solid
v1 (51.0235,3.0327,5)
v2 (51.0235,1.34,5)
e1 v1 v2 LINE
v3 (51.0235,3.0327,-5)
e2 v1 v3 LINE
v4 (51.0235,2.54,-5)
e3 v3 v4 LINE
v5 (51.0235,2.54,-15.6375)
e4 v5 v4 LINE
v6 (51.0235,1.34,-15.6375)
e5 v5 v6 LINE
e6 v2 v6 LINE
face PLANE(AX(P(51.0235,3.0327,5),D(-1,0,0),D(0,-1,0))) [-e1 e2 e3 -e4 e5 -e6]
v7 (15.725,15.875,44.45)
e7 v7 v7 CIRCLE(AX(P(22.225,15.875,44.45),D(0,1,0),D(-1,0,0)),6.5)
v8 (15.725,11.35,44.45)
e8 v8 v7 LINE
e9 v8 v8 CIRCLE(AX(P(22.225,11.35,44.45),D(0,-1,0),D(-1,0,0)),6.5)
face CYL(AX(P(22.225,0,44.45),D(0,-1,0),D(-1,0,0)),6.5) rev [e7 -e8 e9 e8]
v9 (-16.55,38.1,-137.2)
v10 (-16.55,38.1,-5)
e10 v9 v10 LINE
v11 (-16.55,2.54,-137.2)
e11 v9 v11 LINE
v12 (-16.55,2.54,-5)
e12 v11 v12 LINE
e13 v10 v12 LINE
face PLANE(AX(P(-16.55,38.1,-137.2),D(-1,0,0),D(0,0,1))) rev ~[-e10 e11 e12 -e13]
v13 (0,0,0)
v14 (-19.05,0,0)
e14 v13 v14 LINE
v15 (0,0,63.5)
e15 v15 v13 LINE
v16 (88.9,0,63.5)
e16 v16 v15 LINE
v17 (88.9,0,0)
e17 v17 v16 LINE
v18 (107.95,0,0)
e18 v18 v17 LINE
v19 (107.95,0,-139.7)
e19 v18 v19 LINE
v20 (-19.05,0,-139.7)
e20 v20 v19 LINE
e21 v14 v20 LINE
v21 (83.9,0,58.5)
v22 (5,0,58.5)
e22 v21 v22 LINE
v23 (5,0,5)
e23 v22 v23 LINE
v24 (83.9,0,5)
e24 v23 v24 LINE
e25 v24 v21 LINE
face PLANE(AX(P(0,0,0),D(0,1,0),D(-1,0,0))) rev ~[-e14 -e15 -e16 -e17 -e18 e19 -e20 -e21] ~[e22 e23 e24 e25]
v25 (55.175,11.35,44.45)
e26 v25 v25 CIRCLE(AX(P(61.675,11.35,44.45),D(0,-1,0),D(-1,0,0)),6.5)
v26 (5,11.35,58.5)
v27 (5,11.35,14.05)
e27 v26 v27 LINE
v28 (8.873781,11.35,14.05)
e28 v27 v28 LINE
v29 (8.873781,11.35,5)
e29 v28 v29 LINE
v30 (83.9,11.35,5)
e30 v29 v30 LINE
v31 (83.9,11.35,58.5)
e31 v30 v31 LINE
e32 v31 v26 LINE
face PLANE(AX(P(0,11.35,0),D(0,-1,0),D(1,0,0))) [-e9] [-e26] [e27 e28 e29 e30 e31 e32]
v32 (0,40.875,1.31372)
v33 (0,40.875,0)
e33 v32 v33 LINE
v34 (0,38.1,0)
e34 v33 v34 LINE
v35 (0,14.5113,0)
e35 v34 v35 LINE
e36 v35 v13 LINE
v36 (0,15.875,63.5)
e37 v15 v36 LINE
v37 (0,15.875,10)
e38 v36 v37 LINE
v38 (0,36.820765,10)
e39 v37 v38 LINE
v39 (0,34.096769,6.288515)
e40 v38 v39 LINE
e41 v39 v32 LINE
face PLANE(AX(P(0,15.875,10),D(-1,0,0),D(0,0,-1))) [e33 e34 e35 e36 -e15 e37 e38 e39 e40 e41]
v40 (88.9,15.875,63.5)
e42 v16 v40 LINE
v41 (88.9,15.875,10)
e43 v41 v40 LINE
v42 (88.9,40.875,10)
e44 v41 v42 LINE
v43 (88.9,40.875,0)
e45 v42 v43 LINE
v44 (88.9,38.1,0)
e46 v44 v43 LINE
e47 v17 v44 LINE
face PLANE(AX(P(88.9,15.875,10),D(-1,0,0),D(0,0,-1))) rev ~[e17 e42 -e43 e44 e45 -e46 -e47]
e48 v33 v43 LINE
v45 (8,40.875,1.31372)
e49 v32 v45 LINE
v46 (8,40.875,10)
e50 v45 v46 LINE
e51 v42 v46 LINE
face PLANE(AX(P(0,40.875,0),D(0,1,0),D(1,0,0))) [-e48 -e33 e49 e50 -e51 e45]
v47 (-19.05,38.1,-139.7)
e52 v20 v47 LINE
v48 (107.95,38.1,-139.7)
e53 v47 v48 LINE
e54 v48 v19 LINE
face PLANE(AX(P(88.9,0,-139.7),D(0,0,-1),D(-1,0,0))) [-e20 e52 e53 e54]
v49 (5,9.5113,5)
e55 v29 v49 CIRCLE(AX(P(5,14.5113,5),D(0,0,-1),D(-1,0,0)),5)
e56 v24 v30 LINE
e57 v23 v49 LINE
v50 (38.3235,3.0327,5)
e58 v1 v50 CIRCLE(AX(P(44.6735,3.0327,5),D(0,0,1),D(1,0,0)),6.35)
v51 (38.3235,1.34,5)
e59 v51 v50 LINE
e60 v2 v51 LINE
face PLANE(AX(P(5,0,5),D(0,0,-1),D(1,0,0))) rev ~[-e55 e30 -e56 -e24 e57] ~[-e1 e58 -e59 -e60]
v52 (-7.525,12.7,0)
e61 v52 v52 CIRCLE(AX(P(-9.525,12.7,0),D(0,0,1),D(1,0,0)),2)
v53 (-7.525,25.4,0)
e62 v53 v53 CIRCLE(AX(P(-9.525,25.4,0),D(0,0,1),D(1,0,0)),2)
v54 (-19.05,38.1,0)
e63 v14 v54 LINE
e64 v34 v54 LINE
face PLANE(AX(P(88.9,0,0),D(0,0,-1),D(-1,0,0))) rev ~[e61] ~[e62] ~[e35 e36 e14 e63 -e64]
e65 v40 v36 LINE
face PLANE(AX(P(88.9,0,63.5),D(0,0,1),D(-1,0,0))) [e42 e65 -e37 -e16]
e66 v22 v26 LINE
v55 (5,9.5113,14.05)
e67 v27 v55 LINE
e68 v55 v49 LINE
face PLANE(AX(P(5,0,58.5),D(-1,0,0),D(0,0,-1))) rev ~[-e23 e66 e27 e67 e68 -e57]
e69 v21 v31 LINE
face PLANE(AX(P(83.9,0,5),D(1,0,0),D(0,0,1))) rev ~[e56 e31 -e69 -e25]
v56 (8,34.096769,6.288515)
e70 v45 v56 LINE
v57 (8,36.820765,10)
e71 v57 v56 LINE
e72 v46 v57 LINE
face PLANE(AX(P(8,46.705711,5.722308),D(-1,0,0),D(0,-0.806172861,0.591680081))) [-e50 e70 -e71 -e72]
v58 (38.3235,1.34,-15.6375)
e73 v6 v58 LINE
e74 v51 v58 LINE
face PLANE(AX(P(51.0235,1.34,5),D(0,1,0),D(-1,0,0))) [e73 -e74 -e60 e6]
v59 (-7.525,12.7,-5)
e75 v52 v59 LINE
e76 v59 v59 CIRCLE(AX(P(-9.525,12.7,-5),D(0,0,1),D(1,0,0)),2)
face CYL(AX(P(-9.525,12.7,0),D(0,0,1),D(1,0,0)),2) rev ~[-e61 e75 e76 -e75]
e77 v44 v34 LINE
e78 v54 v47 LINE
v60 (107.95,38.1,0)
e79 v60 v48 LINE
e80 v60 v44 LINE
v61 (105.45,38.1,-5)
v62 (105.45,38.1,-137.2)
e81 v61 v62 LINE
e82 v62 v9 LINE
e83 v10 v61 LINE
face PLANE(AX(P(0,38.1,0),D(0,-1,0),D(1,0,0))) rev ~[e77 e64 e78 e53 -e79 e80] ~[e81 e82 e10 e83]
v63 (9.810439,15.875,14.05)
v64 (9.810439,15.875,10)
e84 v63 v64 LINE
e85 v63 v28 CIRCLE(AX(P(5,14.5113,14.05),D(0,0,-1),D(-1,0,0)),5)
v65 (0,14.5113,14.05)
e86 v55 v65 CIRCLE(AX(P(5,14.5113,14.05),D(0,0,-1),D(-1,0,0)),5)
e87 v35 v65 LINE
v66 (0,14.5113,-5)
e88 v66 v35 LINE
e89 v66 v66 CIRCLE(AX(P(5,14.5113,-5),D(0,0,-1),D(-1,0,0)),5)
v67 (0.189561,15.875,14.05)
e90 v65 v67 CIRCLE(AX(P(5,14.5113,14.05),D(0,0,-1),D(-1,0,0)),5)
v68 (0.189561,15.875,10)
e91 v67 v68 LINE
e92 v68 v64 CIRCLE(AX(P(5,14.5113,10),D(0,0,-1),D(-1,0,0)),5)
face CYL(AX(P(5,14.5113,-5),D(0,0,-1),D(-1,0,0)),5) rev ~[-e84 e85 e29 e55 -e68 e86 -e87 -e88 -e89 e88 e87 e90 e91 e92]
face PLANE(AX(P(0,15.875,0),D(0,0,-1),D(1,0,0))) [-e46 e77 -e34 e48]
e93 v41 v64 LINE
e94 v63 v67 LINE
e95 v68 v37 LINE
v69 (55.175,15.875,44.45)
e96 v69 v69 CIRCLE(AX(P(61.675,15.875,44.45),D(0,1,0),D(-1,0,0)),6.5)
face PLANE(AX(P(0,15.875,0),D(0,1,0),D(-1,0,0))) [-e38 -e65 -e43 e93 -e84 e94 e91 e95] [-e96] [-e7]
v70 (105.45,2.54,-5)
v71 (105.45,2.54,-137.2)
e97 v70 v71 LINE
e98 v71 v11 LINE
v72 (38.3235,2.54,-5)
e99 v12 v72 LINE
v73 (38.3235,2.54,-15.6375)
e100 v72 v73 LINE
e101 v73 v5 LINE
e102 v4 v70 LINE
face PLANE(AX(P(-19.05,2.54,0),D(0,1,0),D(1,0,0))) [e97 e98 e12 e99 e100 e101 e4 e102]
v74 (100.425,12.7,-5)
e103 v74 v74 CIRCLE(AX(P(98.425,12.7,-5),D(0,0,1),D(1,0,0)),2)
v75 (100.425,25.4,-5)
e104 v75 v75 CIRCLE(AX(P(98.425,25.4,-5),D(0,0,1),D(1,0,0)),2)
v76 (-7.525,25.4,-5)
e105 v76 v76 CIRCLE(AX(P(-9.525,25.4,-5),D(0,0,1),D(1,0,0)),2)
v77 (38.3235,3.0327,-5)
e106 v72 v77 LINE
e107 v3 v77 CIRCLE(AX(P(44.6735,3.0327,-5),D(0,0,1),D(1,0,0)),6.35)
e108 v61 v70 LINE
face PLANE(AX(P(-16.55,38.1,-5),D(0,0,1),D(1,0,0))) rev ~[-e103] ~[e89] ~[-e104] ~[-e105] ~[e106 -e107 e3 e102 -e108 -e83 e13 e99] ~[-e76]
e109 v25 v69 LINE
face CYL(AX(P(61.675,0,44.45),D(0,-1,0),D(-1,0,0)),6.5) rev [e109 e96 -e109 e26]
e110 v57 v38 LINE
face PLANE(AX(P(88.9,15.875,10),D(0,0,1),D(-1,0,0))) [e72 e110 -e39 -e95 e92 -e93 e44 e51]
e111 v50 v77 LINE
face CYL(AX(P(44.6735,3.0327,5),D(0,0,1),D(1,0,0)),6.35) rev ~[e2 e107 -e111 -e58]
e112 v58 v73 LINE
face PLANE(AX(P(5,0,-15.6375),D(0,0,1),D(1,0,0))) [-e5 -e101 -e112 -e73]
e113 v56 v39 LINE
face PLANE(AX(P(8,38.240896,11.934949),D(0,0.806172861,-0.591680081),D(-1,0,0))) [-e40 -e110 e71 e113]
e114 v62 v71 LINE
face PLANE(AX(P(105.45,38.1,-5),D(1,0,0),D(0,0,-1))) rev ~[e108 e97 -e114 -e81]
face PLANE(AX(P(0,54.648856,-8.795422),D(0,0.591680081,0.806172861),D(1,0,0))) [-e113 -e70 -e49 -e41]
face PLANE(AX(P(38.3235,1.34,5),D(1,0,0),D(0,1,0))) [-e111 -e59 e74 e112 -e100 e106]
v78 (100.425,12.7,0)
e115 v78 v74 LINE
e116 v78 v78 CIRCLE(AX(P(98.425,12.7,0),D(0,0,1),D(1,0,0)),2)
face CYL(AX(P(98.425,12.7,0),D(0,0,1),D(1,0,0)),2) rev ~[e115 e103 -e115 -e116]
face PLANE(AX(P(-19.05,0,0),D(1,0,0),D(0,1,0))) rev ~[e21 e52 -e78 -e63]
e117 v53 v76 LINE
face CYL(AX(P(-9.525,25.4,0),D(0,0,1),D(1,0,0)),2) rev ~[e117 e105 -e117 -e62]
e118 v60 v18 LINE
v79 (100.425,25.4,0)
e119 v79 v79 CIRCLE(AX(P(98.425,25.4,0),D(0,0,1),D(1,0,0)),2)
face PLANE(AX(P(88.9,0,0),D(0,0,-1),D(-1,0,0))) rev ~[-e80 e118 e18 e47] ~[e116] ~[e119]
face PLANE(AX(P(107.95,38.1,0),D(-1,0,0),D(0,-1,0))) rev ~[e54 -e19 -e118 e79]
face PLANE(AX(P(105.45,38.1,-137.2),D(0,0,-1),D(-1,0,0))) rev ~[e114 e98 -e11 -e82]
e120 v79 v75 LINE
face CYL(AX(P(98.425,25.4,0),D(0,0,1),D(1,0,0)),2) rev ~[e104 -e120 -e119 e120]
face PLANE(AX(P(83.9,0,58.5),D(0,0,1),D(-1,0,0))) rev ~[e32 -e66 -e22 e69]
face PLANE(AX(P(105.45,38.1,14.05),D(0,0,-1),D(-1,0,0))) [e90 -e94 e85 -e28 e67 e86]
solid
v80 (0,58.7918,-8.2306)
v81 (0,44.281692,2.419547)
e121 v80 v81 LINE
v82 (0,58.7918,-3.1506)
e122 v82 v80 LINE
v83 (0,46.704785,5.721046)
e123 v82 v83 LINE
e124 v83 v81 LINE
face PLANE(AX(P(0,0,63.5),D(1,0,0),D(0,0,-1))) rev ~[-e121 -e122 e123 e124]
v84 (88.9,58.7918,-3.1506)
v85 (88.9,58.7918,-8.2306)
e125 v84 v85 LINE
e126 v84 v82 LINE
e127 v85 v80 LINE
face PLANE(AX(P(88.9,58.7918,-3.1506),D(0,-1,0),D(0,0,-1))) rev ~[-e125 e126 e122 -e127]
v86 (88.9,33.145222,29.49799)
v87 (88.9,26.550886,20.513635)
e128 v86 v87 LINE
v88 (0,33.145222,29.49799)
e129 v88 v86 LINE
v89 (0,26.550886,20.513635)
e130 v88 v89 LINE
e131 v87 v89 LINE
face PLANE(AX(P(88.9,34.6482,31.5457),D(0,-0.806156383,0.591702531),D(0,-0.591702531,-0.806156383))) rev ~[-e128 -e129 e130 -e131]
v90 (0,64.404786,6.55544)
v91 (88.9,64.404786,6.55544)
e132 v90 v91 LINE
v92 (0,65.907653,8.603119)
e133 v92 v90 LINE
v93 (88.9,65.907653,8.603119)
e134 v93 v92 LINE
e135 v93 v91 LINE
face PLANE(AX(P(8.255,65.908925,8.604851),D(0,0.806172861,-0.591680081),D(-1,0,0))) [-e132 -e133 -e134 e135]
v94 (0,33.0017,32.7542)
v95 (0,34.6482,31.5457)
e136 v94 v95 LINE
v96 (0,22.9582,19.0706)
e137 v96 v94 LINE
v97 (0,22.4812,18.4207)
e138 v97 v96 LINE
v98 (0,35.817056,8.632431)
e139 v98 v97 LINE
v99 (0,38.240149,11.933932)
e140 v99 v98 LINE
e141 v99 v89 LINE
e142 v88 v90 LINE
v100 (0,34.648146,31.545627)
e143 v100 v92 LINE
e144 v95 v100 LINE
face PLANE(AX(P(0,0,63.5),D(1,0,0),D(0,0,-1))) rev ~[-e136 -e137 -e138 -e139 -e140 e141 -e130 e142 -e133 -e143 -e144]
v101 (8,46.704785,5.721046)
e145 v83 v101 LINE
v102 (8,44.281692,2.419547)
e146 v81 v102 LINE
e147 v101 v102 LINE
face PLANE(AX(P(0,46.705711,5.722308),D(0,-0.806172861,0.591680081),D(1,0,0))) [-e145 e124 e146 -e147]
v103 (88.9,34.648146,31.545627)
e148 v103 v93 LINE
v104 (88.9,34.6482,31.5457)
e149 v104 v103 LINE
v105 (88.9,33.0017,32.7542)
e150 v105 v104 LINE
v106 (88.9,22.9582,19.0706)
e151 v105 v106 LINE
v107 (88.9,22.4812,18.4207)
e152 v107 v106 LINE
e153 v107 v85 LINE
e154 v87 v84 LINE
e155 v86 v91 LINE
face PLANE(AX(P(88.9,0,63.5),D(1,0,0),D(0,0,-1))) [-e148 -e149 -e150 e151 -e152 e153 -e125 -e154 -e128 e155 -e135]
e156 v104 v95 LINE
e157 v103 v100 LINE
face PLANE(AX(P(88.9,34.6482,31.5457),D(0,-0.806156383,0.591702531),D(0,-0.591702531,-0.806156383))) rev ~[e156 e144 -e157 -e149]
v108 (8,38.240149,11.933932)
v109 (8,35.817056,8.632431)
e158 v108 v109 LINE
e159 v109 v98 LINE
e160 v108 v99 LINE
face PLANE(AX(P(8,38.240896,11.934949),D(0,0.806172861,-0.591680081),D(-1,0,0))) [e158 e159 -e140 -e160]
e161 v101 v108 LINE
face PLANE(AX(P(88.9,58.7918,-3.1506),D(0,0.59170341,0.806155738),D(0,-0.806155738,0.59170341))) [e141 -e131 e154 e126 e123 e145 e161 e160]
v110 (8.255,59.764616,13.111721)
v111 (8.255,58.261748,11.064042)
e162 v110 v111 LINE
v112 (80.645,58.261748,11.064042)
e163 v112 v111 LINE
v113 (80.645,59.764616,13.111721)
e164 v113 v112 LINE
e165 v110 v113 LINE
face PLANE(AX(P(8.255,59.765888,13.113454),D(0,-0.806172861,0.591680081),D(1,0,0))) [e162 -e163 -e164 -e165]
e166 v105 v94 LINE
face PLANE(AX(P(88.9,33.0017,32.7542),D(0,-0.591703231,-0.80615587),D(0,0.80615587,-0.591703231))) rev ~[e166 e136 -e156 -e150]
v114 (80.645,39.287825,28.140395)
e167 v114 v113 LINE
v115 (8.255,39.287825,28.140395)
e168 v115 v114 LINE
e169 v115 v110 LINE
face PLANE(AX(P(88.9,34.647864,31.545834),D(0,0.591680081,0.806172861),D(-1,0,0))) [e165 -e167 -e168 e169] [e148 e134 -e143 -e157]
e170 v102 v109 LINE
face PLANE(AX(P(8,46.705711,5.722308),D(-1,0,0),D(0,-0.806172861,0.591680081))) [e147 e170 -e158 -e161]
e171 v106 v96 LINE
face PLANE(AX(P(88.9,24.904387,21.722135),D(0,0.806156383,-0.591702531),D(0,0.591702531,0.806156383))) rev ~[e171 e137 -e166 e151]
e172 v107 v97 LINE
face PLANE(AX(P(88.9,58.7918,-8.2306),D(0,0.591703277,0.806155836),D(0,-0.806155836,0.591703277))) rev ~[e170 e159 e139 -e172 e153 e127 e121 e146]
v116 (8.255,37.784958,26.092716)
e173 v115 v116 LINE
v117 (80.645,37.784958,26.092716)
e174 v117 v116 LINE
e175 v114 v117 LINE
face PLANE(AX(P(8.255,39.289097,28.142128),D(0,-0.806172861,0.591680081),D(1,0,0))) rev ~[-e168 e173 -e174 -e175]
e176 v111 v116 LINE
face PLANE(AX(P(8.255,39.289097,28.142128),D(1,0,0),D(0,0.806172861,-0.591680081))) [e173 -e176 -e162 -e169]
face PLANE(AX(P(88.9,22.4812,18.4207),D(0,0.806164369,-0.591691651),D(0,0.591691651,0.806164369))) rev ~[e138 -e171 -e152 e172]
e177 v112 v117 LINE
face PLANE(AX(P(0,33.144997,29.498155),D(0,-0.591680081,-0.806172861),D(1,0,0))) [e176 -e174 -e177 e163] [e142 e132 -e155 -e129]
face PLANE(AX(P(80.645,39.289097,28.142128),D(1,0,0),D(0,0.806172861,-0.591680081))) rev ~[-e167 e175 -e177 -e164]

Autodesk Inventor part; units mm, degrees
ref_plane "YZ Plane" through (0, 0, 0) normal (1, 0, 0) x (0, 1, 0)
ref_plane "XZ Plane" through (0, 0, 0) normal (0, 1, 0) x (-1, 0, 0)
ref_plane "XY Plane" through (0, 0, 0) normal (0, 0, 1) x (1, 0, 0)
sketch "Sketch1" plane through (0, 0, 0) normal (0, 1, 0) x (-1, 0, 0)
  line L0 (0, 0) -> (-88.9, 0)
  line L1 (-88.9, 0) -> (-88.9, 63.5)
  line L2 (-88.9, 63.5) -> (0, 63.5)
  line L3 (0, 63.5) -> (0, 0)
  circle A0 centre (-61.675, 44.45) radius 6.5
  circle A1 centre (-22.225, 44.45) radius 6.5
  line L4 (-83.9, 59) -> (-5, 59)
  line L5 (-5, 59) -> (-5, 5)
  line L6 (-5, 5) -> (-83.9, 5)
  line L7 (-83.9, 5) -> (-83.9, 59)
  point P0 (-88.9, 31.75)
  dimension "d0" = 88.9
  dimension "d1" = 63.5
  dimension "d2" = 13
  dimension "d3" = 13
  dimension "d5" = 22.225
  dimension "d8" = 5
  dimension "d9" = 5
  dimension "d10" = 5
  dimension "d11" = 4.5
  dimension "d21" = 19.05
  dimension "d22" = 19.05
  dimension "d78" = 22.225
extrude "Extrusion1" add sketch "Sketch1" along normal blind 15.875 contours L0 L1 L2 L3 | L4 L5 L6 L7
sketch "Sketch2" plane through (0, 0, 0) normal (0, -1, 0) x (1, 0, 0)
  line L0 (83.9, 58.5) -> (5, 58.5)
  line L1 (5, 58.5) -> (5, 5)
  line L2 (5, 5) -> (83.9, 5)
  line L3 (83.9, 5) -> (83.9, 58.5)
  line L4 (0, 63.5) -> (88.9, 63.5) projected
  line L5 (88.9, 63.5) -> (0, 63.5)
  line L6 (0, 63.5) -> (0, 0)
  line L7 (0, 0) -> (88.9, 0)
  line L8 (88.9, 0) -> (88.9, 63.5)
  point P0 (88.9, 31.75)
  point P1 (5, 31.75)
  dimension "d12" = 5
  dimension "d13" = 5
  dimension "d14" = 5
  dimension "d15" = 5
extrude "Extrusion2" cut sketch "Sketch2" against normal blind 11.35 contours L3 L2 L1 L0
sketch "Sketch3" plane through (0, 15.875, 0) normal (0, 1, 0) x (1, 0, 0)
  line L0 (88.9, -63.5) -> (88.9, 0) projected
  line L1 (0, 0) -> (88.9, 0)
  line L2 (88.9, 0) -> (88.9, -10)
  line L3 (88.9, -10) -> (0, -10)
  line L4 (0, -10) -> (0, 0)
  dimension "d18" = 10
extrude "Extrusion3" add sketch "Sketch3" along normal blind 25
sketch "Sketch6" plane through (88.9, 0, 0) normal (0, 0, -1) x (-1, 0, 0)
  line L0 (88.9, 0) -> (0, 0)
  line L1 (88.9, 0) -> (88.9, 15.875) projected
  line L2 (0, 0) -> (88.9, 0)
  line L3 (88.9, 0) -> (-38.1, 0)
  line L4 (83.9, 0) -> (5, 0) projected
  line L5 (-19.05, 0) -> (107.95, 0)
  line L6 (107.95, 0) -> (107.95, 38.1)
  line L7 (107.95, 38.1) -> (-19.05, 38.1)
  line L8 (-19.05, 38.1) -> (-19.05, 0)
  circle A0 centre (98.425, 27.2577) radius 2
  circle A1 centre (98.425, 14.4837) radius 2
  line L9 (88.9, 15.875) -> (88.9, 40.875) projected
  line L10 (88.9, 40.875) -> (88.9, 34.3515)
  point P0 (44.45, 0)
  dimension "d32" = 127
  dimension "d33" = 38.1
  dimension "d85" = 4
  dimension "d86" = 4
  dimension "d87" = 9.525
  dimension "d88" = 9.525
extrude "Extrusion6" add sketch "Sketch6" along normal blind 139.7 contours L0 L3 L8 L7 L9 L1 | L1 L9 L7 L6 L5 | A0 | A1
sketch "Sketch7" plane through (-19.05, 38.1, 0) normal (0, 1, 0) x (1, 0, 0)
  line L0 (124.5, 137.2) -> (2.5, 137.2)
  line L1 (2.5, 137.2) -> (2.5, 5)
  line L2 (2.5, 5) -> (124.5, 5)
  line L3 (124.5, 5) -> (124.5, 137.2)
  line L4 (127, 0) -> (127, 139.7) projected
  line L5 (19.05, 0) -> (0, 0) projected
  line L6 (127, 139.7) -> (0, 139.7)
  line L7 (0, 139.7) -> (0, 0)
  line L8 (0, 0) -> (127, 0)
  line L9 (127, 0) -> (127, 139.7)
  dimension "d36" = 2.5
  dimension "d37" = 2.5
  dimension "d38" = 2.5
  dimension "d39" = 5
extrude "Extrusion7" cut sketch "Sketch7" against normal blind 35.56 contours L3 L2 L1 L0
sketch "Sketch8" plane through (88.9, 0, 63.5) normal (1, 0, 0) x (0, 0, -1)
  line L0 (53.5, 40.875) -> (63.5, 40.875) projected
  line L1 (66.6506, 58.7918) -> (40.3494, 22.9582)
  line L2 (66.6506, 58.7918) -> (71.7306, 58.7918)
  line L3 (71.7306, 58.7918) -> (45.0793, 22.4812)
  line L4 (45.0793, 22.4812) -> (44.4294, 22.9582)
  line L5 (45.0793, 22.4812) -> (30.7458, 33.0017)
  line L6 (30.7458, 33.0017) -> (31.9543, 34.6482)
  line L7 (31.9543, 34.6482) -> (46.2878, 24.1277)
  point P0 (63.5, 0)
  point P1 (58.58, 40.875)
  point P2 (42.9864, 26.5509)
  dimension "d46" = 44.45
  dimension "d47" = 5.08
  dimension "d48" = 17.78
extrude "Extrusion8" add sketch "Sketch8" against normal blind 88.9 separate body
sketch "Sketch9" plane through (0, 58.7918, -3.1506) normal (0, 0.5917, 0.8062) x (1, 0, 0)
  point P0 (0, -49.2596)
sketch "Sketch10" plane through (0, 26.5509, 20.5136) normal (0, 0.8062, -0.5917) x (1, 0, 0)
  point P0 (0, 32.2474)
sketch "Sketch11" plane through (0, 26.5509, 20.5136) normal (0, 0.8062, -0.5917) x (1, 0, 0)
  line L0 (88.9, -13.6847) -> (0, -13.6847) projected
  line L1 (0, 4.0953) -> (0, -13.6847) projected
  line L2 (88.9, -13.6847) -> (0, -13.6847)
  line L3 (0, -13.6847) -> (0, -11.1447)
  line L4 (0, -11.1447) -> (88.9, -11.1447)
  line L5 (88.9, -11.1447) -> (88.9, -13.6847)
  point P0 (0, 32.2474)
  dimension "d51" = 2.54
extrude "Extrusion9" add sketch "Sketch11" along normal blind 44.45 bodies 2
sketch "Sketch12" plane through (0, 33.0017, 32.7542) normal (0, 0.5917, 0.8062) x (1, 0, 0)
  point P0 (0, -7.2238)
sketch "Sketch14" plane through (0, 33.0017, 32.7542) normal (0, 0.5917, 0.8062) x (1, 0, 0)
  line L0 (0, -0.3431) -> (0, -31.9992) projected
  line L1 (0, 0.1776) -> (0, 57.5667)
  line L2 (0, 0.1776) -> (88.9, 0.1776)
  line L3 (88.9, -31.9992) -> (88.9, -0.3431) projected
  line L4 (0, 7.7976) -> (110.0789, 7.7976)
  line L5 (88.9, 46.4924) -> (0, 46.4924) projected
  line L6 (88.9, 46.4924) -> (88.9, 0.1776)
  line L7 (80.645, 0.1776) -> (80.645, 46.4924)
  line L8 (88.9, 45.0417) -> (0, 45.0417) projected
  line L9 (0, 46.4924) -> (0, 0.1776)
  line L10 (8.255, 0.1776) -> (8.255, 51.38)
  line L11 (8.255, 33.1976) -> (80.645, 33.1976)
  line L12 (88.9, 40.8176) -> (0, 40.8176)
  point P0 (0, -7.2238)
  point P1 (80.645, 23.335)
  point P2 (0, 28.8721)
  point P3 (0, 40.8176)
  point P4 (8.255, 7.7976)
  point P5 (80.645, 7.7976)
  dimension "d64" = 7.62
  dimension "d65" = 8.255
  dimension "d66" = 8.255
  dimension "d67" = 25.4
  dimension "d68" = 7.62
extrude "Extrusion10" cut sketch "Sketch14" against normal blind 4.7625 contours L1 L8 L10 L12 | L10 L11 L7 L4 | L10 L8 L7 L12 | L7 L8 L6 L12 bodies 2
sketch "Sketch15" plane through (0, 69.3123, 6.1029) normal (0, -0.8062, 0.5917) x (1, 0, 0)
  line L0 (0, -4.4356) -> (91.0407, -4.4356)
  line L1 (91.0407, -4.4356) -> (91.0407, 6.9043)
  line L2 (91.0407, 6.9043) -> (0, 6.9043)
  line L3 (0, 6.9043) -> (0, -4.4356)
  point P0 (0, -45.9321)
extrude "Extrusion11" cut sketch "Sketch15" against normal blind 4.7625 bodies 2
sketch "Sketch16" plane through (105.45, 38.1, -5) normal (0, 0, -1) x (-1, 0, 0)
  circle A0 centre (100.45, -23.5887) radius 5
  point P0 (105.45, -38.1)
  dimension "d73" = 10
extrude "Extrusion12" cut sketch "Sketch16" against normal blind 19.05 bodies 1
sketch "Sketch18" plane through (0, 58.7918, -3.1506) normal (0, 0.5917, 0.8062) x (1, 0, 0)
  line L0 (0, -39.9934) -> (0, 0) projected
  line L1 (0, -39.9934) -> (0, -25.4934)
  line L2 (0, -25.4934) -> (0, -14.9934)
  line L3 (0, -14.9934) -> (8, -14.9934)
  line L4 (8, -14.9934) -> (8, -25.4934)
  line L5 (8, -25.4934) -> (0, -25.4934)
  point P0 (0, -49.2596)
  dimension "d80" = 14.5
  dimension "d81" = 10.5
  dimension "d82" = 8
extrude "Extrusion14" cut sketch "Sketch18" against normal blind 7 bodies 2 1
sketch "Sketch19" plane through (88.9, 0, 0) normal (0, 0, 1) x (1, 0, 0)
  circle A0 centre (-98.425, 25.4) radius 2
  circle A1 centre (-98.425, 12.7) radius 2
  line L0 (-107.95, 0) -> (-107.95, 38.1) projected
  circle A2 centre (9.525, 25.4) radius 2
  circle A3 centre (9.525, 12.7) radius 2
  line L1 (19.05, 38.1) -> (19.05, 0) projected
  line L2 (-107.95, 38.1) -> (19.05, 38.1) projected
  point P0 (-88.9, 0)
  dimension "d89" = 4
  dimension "d90" = 4
  dimension "d91" = 9.525
  dimension "d92" = 9.525
  dimension "d93" = 4
  dimension "d94" = 4
  dimension "d95" = 9.525
  dimension "d96" = 9.525
  dimension "d97" = 12.7
  dimension "d98" = 12.7
  dimension "d99" = 12.7
  dimension "d100" = 12.7
extrude "Extrusion15" cut sketch "Sketch19" against normal blind 19.05 bodies 1
sketch "Sketch20" plane through (5, 0, 5) normal (0, 0, 1) x (1, 0, 0)
  arc A0 (46.0235, 3.0327) -> (33.3235, 3.0327) centre (39.6735, 3.0327) ccw
  line L0 (46.0235, 3.0327) -> (46.0235, 1.34)
  line L1 (46.0235, 1.34) -> (33.3235, 1.34)
  line L2 (33.3235, 1.34) -> (33.3235, 3.0327)
  point P0 (-5, 0)
  dimension "d106" = 12.7
extrude "Extrusion16" cut sketch "Sketch20" against normal blind 20.6375 bodies 1
properties part number "not auger -2.0" material "PBT Plastic"
